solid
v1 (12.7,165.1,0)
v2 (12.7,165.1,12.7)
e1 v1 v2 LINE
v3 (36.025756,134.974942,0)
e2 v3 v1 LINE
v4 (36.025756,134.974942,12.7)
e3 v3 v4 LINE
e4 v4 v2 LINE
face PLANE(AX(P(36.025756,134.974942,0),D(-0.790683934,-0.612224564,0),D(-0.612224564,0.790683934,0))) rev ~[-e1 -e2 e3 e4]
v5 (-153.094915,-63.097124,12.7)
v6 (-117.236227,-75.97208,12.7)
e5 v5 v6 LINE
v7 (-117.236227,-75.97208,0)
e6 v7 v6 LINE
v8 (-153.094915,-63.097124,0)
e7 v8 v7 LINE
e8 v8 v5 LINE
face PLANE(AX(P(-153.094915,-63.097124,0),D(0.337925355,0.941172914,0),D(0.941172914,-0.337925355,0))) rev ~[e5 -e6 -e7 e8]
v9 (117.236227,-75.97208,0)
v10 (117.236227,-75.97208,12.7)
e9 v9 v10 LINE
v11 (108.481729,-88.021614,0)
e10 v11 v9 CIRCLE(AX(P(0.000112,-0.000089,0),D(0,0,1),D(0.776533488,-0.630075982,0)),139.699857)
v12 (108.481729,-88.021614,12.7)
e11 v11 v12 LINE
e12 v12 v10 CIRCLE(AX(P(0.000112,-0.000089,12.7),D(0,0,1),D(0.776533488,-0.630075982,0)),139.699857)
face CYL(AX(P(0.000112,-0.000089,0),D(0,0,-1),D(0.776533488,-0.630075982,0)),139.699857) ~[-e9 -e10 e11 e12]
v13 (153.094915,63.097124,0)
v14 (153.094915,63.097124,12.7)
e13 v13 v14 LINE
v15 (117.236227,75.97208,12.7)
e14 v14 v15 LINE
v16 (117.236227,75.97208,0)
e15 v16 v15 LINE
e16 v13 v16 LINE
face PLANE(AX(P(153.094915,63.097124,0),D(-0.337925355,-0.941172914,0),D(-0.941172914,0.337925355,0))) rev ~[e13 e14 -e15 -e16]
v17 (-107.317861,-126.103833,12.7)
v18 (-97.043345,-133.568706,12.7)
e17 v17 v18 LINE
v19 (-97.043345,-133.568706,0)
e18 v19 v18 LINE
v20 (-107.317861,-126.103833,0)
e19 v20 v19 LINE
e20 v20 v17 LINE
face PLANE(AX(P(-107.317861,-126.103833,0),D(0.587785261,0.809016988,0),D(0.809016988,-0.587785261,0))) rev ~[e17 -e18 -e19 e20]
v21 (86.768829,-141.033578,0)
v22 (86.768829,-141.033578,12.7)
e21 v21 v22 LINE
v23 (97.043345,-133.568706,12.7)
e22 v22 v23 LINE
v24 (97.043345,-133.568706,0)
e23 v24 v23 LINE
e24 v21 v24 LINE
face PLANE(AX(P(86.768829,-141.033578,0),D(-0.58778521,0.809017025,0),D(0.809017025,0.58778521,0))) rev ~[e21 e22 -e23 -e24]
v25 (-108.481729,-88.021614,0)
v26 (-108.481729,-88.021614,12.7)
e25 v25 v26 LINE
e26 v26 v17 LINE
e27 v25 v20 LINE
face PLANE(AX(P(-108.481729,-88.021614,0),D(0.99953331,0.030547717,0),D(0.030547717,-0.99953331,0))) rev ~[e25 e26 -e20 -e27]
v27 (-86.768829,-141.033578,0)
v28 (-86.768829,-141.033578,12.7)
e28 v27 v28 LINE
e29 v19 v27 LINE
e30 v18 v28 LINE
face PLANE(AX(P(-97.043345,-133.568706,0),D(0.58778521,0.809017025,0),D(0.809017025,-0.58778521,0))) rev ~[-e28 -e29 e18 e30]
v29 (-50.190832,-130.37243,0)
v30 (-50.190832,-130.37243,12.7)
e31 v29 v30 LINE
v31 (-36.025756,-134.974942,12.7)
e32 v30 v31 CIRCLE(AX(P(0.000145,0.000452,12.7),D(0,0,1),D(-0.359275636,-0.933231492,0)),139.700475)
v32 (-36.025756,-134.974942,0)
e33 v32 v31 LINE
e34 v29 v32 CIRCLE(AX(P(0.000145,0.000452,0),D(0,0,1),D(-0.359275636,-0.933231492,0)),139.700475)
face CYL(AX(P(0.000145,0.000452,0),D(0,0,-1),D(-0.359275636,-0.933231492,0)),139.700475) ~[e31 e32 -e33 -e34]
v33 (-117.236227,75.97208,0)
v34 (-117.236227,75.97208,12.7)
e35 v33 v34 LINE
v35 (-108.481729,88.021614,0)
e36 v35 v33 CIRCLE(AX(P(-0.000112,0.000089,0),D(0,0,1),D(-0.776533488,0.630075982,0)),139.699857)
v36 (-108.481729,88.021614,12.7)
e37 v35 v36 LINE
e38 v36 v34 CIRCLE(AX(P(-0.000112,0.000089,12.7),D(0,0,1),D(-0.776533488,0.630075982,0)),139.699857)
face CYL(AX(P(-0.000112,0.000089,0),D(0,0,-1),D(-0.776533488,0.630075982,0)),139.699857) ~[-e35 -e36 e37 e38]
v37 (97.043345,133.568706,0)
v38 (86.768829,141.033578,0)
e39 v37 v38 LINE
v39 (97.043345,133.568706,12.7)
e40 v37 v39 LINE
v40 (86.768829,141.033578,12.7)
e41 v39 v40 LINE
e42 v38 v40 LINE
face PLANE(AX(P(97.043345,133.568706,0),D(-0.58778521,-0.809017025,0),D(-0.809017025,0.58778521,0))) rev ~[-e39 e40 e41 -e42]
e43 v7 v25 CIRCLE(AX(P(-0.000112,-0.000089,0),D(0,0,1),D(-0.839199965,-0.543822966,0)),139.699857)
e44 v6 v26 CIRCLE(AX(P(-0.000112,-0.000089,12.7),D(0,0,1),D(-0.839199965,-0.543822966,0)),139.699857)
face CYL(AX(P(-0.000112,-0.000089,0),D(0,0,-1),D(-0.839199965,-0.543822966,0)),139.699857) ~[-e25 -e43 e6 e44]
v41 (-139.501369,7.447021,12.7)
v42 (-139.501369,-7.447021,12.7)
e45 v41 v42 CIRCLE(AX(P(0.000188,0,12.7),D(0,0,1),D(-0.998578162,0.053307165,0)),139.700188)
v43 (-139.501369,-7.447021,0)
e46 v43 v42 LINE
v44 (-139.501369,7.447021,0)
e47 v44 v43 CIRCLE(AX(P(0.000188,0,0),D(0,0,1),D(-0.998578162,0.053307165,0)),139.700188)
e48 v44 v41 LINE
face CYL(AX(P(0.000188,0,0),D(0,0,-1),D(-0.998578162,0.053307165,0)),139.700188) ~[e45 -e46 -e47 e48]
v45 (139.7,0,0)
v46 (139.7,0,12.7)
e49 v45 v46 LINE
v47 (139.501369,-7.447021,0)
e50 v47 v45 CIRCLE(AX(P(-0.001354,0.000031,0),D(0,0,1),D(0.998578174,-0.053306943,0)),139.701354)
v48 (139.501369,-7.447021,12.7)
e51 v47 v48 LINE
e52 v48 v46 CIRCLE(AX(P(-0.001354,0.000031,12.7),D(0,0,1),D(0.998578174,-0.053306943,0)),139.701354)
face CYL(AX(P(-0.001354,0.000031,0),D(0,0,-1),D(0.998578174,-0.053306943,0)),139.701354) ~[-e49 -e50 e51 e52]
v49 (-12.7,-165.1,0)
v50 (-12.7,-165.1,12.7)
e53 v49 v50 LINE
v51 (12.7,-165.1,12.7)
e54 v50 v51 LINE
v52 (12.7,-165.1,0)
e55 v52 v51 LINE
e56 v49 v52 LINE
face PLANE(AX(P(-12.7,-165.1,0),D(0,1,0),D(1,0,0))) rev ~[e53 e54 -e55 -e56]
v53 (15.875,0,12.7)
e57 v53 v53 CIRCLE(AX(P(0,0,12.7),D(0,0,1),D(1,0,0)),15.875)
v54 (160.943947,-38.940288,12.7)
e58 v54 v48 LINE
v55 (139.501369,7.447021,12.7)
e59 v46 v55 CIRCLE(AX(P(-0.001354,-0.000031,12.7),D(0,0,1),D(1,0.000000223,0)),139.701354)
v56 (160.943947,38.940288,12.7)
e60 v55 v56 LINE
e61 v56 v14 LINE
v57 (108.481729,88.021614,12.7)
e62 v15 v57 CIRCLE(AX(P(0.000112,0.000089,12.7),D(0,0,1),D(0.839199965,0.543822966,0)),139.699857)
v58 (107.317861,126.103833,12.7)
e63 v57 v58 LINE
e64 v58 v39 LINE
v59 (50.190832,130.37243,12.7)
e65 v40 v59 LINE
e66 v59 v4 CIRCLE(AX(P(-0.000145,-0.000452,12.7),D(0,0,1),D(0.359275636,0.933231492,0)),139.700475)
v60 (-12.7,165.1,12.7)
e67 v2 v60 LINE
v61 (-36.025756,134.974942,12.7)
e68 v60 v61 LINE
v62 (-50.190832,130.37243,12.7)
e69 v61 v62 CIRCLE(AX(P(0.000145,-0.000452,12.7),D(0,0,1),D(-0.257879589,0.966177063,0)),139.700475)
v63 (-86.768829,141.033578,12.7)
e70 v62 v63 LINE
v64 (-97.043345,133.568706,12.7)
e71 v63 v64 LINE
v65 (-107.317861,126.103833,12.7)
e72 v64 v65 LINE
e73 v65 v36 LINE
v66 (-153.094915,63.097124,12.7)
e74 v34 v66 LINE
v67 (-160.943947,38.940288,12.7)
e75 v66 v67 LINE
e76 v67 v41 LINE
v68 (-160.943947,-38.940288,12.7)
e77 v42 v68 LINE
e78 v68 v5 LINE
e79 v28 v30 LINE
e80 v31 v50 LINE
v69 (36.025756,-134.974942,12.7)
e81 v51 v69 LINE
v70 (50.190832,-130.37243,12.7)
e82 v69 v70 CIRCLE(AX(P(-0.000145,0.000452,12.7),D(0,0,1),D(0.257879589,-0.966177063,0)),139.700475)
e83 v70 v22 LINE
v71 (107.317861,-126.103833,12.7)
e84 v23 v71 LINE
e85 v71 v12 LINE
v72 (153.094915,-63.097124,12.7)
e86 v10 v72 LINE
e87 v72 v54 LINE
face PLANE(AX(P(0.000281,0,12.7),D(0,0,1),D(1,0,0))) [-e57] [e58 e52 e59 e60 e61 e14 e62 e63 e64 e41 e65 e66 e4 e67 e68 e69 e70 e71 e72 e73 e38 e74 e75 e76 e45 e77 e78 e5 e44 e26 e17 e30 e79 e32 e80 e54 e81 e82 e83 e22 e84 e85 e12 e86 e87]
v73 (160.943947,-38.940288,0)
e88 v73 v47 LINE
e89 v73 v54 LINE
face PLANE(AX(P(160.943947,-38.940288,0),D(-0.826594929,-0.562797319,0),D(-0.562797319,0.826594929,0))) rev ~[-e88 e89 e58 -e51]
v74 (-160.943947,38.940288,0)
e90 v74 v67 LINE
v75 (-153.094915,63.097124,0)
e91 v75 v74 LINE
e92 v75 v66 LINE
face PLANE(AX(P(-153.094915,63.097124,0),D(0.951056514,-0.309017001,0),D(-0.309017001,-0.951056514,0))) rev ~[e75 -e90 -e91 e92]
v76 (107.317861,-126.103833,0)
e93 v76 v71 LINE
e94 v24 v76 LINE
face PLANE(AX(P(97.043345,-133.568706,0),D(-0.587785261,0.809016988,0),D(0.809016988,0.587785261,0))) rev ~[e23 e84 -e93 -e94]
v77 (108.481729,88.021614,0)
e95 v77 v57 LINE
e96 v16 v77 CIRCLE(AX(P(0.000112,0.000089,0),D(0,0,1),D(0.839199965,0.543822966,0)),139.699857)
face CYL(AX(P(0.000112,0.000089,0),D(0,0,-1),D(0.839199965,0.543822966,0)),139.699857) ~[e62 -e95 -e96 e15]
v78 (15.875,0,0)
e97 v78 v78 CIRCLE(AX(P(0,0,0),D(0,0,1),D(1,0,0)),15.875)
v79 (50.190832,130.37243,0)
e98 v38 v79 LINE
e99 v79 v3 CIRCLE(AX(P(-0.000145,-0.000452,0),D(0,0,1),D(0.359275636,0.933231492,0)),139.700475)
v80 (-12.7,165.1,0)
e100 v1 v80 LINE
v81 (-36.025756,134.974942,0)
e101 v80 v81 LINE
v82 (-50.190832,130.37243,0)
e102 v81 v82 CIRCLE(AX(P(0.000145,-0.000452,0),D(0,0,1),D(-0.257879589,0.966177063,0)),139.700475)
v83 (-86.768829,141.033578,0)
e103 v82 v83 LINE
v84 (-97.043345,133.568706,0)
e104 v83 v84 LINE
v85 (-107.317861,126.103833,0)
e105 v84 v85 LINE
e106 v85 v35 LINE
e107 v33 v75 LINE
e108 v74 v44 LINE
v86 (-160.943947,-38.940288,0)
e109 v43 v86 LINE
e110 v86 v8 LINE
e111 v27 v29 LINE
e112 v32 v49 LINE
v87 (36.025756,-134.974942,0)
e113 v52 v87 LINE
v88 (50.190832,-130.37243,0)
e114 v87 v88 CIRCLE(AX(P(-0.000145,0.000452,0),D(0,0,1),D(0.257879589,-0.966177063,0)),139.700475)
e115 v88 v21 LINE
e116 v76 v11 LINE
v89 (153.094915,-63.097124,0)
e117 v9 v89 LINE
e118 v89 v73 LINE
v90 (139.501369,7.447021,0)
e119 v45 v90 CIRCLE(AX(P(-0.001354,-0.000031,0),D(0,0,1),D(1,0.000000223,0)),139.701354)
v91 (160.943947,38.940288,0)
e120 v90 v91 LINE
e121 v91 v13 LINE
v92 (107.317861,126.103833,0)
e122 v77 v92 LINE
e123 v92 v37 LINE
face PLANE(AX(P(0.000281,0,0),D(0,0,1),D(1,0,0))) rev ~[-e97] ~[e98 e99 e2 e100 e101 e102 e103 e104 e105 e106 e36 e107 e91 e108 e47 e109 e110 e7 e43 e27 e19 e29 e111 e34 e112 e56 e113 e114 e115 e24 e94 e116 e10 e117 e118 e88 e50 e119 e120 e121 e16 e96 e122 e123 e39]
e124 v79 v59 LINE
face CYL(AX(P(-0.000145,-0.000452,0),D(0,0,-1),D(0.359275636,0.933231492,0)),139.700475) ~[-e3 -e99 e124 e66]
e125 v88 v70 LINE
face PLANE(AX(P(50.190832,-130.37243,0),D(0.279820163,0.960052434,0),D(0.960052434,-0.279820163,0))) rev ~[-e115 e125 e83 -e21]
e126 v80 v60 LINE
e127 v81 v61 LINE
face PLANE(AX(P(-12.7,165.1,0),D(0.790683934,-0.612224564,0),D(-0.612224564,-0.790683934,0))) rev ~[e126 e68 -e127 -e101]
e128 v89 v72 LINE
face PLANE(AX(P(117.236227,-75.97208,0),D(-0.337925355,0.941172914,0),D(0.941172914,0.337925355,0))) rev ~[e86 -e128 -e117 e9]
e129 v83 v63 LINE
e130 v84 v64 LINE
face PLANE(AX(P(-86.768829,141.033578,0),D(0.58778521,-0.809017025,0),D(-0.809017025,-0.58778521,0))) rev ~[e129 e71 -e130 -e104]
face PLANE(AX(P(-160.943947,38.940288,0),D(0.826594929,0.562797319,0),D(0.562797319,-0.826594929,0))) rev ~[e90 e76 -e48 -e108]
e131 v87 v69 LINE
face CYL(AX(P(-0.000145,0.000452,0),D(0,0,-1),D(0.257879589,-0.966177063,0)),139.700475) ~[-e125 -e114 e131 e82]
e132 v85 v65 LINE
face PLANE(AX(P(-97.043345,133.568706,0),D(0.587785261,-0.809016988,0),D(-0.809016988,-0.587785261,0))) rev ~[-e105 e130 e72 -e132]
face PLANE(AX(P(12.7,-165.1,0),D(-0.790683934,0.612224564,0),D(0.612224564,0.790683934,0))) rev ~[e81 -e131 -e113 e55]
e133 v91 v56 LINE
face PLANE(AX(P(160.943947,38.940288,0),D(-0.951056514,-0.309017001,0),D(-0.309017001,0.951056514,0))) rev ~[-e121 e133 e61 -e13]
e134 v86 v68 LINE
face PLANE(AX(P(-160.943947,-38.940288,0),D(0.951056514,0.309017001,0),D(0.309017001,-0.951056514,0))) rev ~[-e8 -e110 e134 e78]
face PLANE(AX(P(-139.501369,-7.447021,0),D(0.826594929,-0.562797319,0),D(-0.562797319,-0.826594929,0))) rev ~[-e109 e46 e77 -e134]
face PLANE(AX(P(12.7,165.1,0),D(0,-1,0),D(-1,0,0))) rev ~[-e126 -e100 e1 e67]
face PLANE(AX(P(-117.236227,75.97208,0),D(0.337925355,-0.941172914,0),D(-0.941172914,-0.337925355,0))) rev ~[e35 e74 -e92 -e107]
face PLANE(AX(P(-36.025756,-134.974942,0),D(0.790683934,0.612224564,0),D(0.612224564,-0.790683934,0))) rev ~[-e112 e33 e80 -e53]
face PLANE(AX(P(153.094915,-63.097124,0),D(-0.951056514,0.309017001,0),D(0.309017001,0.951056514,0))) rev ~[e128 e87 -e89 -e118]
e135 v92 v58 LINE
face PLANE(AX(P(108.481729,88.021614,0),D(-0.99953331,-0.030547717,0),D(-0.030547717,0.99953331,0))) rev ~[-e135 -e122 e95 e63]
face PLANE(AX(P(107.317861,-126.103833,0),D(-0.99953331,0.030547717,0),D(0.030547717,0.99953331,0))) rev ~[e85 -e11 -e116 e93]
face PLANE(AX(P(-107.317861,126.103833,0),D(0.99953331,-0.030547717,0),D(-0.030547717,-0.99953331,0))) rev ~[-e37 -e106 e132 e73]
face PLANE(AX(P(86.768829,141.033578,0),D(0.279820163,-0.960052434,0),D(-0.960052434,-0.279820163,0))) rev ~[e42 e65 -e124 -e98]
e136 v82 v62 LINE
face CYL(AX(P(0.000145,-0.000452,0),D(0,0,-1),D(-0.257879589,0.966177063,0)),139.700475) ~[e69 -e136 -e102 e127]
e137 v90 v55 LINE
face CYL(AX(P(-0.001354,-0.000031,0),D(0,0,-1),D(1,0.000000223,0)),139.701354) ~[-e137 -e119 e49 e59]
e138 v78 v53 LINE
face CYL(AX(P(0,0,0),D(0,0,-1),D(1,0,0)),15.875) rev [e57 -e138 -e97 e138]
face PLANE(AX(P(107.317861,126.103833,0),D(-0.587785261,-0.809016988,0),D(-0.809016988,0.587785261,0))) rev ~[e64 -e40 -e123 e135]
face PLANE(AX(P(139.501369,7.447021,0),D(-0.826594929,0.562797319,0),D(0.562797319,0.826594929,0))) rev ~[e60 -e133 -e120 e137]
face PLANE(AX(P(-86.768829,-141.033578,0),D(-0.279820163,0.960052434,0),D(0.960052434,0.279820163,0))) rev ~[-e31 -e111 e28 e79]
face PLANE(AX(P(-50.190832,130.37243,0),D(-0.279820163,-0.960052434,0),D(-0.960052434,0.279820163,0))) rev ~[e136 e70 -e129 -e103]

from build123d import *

# Parameters (mm, degrees)
F0_R     = 15.875
F1_DEPTH = 12.7


with BuildPart() as f1:
    # F0 (on Top) → F1 (new body)
    with BuildSketch(Plane.XY):
        with BuildLine():
            ThreePointArc((139.501369, -7.447021), (139.650333, -3.724835), (139.7, 0))
            ThreePointArc((139.7, 0), (139.650333, 3.724835), (139.501369, 7.447021))
            ThreePointArc((139.501369, 7.447021), (132.862595, 43.169674), (117.236227, 75.97208))
            ThreePointArc((117.236227, 75.97208), (113.019674, 82.1136), (108.481729, 88.021614))
            ThreePointArc((108.481729, 88.021614), (82.1136, 113.019674), (50.190832, 130.37243))
            ThreePointArc((50.190832, 130.37243), (43.169674, 132.862595), (36.025756, 134.974942))
            ThreePointArc((36.025756, 134.974942), (0, 139.7), (-36.025756, 134.974942))
            ThreePointArc((-36.025756, 134.974942), (-43.169674, 132.862595), (-50.190832, 130.37243))
            ThreePointArc((-50.190832, 130.37243), (-82.1136, 113.019674), (-108.481729, 88.021614))
            ThreePointArc((-108.481729, 88.021614), (-113.019674, 82.1136), (-117.236227, 75.97208))
            ThreePointArc((-117.236227, 75.97208), (-132.862595, 43.169674), (-139.501369, 7.447021))
            ThreePointArc((-139.501369, 7.447021), (-139.7, 0), (-139.501369, -7.447021))
            ThreePointArc((-139.501369, -7.447021), (-132.862595, -43.169674), (-117.236227, -75.97208))
            ThreePointArc((-117.236227, -75.97208), (-113.019674, -82.1136), (-108.481729, -88.021614))
            ThreePointArc((-108.481729, -88.021614), (-82.1136, -113.019674), (-50.190832, -130.37243))
            ThreePointArc((-50.190832, -130.37243), (-43.169674, -132.862595), (-36.025756, -134.974942))
            ThreePointArc((-36.025756, -134.974942), (0, -139.7), (36.025756, -134.974942))
            ThreePointArc((36.025756, -134.974942), (43.169674, -132.862595), (50.190832, -130.37243))
            ThreePointArc((50.190832, -130.37243), (82.1136, -113.019674), (108.481729, -88.021614))
            ThreePointArc((108.481729, -88.021614), (113.019674, -82.1136), (117.236227, -75.97208))
            ThreePointArc((117.236227, -75.97208), (132.862595, -43.169674), (139.501369, -7.447021))
        make_face()
        Circle(F0_R, mode=Mode.SUBTRACT)
        with BuildLine():
            ThreePointArc((117.236227, 75.97208), (132.862595, 43.169674), (139.501369, 7.447021))
            Line((139.501369, 7.447021), (160.943947, 38.940288))
            Line((160.943947, 38.940288), (157.019431, 51.018706))
            Line((157.019431, 51.018706), (153.094915, 63.097124))
            Line((153.094915, 63.097124), (117.236227, 75.97208))
        make_face()
        with BuildLine():
            Line((160.943947, -38.940288), (139.501369, -7.447021))
            ThreePointArc((139.501369, -7.447021), (132.862595, -43.169674), (117.236227, -75.97208))
            Line((117.236227, -75.97208), (153.094915, -63.097124))
            Line((153.094915, -63.097124), (157.019431, -51.018706))
            Line((157.019431, -51.018706), (160.943947, -38.940288))
        make_face()
        with BuildLine():
            ThreePointArc((50.190832, 130.37243), (82.1136, 113.019674), (108.481729, 88.021614))
            Line((108.481729, 88.021614), (107.317861, 126.103833))
            Line((107.317861, 126.103833), (97.043345, 133.568706))
            Line((97.043345, 133.568706), (86.768829, 141.033578))
            Line((86.768829, 141.033578), (50.190832, 130.37243))
        make_face()
        with BuildLine():
            Line((107.317861, -126.103833), (108.481729, -88.021614))
            ThreePointArc((108.481729, -88.021614), (82.1136, -113.019674), (50.190832, -130.37243))
            Line((50.190832, -130.37243), (86.768829, -141.033578))
            Line((86.768829, -141.033578), (97.043345, -133.568706))
            Line((97.043345, -133.568706), (107.317861, -126.103833))
        make_face()
        with BuildLine():
            ThreePointArc((-36.025756, 134.974942), (0, 139.7), (36.025756, 134.974942))
            Line((36.025756, 134.974942), (12.7, 165.1))
            Line((12.7, 165.1), (0, 165.1))
            Line((0, 165.1), (-12.7, 165.1))
            Line((-12.7, 165.1), (-36.025756, 134.974942))
        make_face()
        with BuildLine():
            Line((12.7, -165.1), (36.025756, -134.974942))
            ThreePointArc((36.025756, -134.974942), (0, -139.7), (-36.025756, -134.974942))
            Line((-36.025756, -134.974942), (-12.7, -165.1))
            Line((-12.7, -165.1), (0, -165.1))
            Line((0, -165.1), (12.7, -165.1))
        make_face()
        with BuildLine():
            ThreePointArc((-108.481729, 88.021614), (-82.1136, 113.019674), (-50.190832, 130.37243))
            Line((-50.190832, 130.37243), (-86.768829, 141.033578))
            Line((-86.768829, 141.033578), (-97.043345, 133.568706))
            Line((-97.043345, 133.568706), (-107.317861, 126.103833))
            Line((-107.317861, 126.103833), (-108.481729, 88.021614))
        make_face()
        with BuildLine():
            Line((-86.768829, -141.033578), (-50.190832, -130.37243))
            ThreePointArc((-50.190832, -130.37243), (-82.1136, -113.019674), (-108.481729, -88.021614))
            Line((-108.481729, -88.021614), (-107.317861, -126.103833))
            Line((-107.317861, -126.103833), (-97.043345, -133.568706))
            Line((-97.043345, -133.568706), (-86.768829, -141.033578))
        make_face()
        with BuildLine():
            ThreePointArc((-139.501369, 7.447021), (-132.862595, 43.169674), (-117.236227, 75.97208))
            Line((-117.236227, 75.97208), (-153.094915, 63.097124))
            Line((-153.094915, 63.097124), (-157.019431, 51.018706))
            Line((-157.019431, 51.018706), (-160.943947, 38.940288))
            Line((-160.943947, 38.940288), (-139.501369, 7.447021))
        make_face()
        with BuildLine():
            Line((-153.094915, -63.097124), (-117.236227, -75.97208))
            ThreePointArc((-117.236227, -75.97208), (-132.862595, -43.169674), (-139.501369, -7.447021))
            Line((-139.501369, -7.447021), (-160.943947, -38.940288))
            Line((-160.943947, -38.940288), (-157.019431, -51.018706))
            Line((-157.019431, -51.018706), (-153.094915, -63.097124))
        make_face()
    extrude(amount=F1_DEPTH)


solid = f1.part
